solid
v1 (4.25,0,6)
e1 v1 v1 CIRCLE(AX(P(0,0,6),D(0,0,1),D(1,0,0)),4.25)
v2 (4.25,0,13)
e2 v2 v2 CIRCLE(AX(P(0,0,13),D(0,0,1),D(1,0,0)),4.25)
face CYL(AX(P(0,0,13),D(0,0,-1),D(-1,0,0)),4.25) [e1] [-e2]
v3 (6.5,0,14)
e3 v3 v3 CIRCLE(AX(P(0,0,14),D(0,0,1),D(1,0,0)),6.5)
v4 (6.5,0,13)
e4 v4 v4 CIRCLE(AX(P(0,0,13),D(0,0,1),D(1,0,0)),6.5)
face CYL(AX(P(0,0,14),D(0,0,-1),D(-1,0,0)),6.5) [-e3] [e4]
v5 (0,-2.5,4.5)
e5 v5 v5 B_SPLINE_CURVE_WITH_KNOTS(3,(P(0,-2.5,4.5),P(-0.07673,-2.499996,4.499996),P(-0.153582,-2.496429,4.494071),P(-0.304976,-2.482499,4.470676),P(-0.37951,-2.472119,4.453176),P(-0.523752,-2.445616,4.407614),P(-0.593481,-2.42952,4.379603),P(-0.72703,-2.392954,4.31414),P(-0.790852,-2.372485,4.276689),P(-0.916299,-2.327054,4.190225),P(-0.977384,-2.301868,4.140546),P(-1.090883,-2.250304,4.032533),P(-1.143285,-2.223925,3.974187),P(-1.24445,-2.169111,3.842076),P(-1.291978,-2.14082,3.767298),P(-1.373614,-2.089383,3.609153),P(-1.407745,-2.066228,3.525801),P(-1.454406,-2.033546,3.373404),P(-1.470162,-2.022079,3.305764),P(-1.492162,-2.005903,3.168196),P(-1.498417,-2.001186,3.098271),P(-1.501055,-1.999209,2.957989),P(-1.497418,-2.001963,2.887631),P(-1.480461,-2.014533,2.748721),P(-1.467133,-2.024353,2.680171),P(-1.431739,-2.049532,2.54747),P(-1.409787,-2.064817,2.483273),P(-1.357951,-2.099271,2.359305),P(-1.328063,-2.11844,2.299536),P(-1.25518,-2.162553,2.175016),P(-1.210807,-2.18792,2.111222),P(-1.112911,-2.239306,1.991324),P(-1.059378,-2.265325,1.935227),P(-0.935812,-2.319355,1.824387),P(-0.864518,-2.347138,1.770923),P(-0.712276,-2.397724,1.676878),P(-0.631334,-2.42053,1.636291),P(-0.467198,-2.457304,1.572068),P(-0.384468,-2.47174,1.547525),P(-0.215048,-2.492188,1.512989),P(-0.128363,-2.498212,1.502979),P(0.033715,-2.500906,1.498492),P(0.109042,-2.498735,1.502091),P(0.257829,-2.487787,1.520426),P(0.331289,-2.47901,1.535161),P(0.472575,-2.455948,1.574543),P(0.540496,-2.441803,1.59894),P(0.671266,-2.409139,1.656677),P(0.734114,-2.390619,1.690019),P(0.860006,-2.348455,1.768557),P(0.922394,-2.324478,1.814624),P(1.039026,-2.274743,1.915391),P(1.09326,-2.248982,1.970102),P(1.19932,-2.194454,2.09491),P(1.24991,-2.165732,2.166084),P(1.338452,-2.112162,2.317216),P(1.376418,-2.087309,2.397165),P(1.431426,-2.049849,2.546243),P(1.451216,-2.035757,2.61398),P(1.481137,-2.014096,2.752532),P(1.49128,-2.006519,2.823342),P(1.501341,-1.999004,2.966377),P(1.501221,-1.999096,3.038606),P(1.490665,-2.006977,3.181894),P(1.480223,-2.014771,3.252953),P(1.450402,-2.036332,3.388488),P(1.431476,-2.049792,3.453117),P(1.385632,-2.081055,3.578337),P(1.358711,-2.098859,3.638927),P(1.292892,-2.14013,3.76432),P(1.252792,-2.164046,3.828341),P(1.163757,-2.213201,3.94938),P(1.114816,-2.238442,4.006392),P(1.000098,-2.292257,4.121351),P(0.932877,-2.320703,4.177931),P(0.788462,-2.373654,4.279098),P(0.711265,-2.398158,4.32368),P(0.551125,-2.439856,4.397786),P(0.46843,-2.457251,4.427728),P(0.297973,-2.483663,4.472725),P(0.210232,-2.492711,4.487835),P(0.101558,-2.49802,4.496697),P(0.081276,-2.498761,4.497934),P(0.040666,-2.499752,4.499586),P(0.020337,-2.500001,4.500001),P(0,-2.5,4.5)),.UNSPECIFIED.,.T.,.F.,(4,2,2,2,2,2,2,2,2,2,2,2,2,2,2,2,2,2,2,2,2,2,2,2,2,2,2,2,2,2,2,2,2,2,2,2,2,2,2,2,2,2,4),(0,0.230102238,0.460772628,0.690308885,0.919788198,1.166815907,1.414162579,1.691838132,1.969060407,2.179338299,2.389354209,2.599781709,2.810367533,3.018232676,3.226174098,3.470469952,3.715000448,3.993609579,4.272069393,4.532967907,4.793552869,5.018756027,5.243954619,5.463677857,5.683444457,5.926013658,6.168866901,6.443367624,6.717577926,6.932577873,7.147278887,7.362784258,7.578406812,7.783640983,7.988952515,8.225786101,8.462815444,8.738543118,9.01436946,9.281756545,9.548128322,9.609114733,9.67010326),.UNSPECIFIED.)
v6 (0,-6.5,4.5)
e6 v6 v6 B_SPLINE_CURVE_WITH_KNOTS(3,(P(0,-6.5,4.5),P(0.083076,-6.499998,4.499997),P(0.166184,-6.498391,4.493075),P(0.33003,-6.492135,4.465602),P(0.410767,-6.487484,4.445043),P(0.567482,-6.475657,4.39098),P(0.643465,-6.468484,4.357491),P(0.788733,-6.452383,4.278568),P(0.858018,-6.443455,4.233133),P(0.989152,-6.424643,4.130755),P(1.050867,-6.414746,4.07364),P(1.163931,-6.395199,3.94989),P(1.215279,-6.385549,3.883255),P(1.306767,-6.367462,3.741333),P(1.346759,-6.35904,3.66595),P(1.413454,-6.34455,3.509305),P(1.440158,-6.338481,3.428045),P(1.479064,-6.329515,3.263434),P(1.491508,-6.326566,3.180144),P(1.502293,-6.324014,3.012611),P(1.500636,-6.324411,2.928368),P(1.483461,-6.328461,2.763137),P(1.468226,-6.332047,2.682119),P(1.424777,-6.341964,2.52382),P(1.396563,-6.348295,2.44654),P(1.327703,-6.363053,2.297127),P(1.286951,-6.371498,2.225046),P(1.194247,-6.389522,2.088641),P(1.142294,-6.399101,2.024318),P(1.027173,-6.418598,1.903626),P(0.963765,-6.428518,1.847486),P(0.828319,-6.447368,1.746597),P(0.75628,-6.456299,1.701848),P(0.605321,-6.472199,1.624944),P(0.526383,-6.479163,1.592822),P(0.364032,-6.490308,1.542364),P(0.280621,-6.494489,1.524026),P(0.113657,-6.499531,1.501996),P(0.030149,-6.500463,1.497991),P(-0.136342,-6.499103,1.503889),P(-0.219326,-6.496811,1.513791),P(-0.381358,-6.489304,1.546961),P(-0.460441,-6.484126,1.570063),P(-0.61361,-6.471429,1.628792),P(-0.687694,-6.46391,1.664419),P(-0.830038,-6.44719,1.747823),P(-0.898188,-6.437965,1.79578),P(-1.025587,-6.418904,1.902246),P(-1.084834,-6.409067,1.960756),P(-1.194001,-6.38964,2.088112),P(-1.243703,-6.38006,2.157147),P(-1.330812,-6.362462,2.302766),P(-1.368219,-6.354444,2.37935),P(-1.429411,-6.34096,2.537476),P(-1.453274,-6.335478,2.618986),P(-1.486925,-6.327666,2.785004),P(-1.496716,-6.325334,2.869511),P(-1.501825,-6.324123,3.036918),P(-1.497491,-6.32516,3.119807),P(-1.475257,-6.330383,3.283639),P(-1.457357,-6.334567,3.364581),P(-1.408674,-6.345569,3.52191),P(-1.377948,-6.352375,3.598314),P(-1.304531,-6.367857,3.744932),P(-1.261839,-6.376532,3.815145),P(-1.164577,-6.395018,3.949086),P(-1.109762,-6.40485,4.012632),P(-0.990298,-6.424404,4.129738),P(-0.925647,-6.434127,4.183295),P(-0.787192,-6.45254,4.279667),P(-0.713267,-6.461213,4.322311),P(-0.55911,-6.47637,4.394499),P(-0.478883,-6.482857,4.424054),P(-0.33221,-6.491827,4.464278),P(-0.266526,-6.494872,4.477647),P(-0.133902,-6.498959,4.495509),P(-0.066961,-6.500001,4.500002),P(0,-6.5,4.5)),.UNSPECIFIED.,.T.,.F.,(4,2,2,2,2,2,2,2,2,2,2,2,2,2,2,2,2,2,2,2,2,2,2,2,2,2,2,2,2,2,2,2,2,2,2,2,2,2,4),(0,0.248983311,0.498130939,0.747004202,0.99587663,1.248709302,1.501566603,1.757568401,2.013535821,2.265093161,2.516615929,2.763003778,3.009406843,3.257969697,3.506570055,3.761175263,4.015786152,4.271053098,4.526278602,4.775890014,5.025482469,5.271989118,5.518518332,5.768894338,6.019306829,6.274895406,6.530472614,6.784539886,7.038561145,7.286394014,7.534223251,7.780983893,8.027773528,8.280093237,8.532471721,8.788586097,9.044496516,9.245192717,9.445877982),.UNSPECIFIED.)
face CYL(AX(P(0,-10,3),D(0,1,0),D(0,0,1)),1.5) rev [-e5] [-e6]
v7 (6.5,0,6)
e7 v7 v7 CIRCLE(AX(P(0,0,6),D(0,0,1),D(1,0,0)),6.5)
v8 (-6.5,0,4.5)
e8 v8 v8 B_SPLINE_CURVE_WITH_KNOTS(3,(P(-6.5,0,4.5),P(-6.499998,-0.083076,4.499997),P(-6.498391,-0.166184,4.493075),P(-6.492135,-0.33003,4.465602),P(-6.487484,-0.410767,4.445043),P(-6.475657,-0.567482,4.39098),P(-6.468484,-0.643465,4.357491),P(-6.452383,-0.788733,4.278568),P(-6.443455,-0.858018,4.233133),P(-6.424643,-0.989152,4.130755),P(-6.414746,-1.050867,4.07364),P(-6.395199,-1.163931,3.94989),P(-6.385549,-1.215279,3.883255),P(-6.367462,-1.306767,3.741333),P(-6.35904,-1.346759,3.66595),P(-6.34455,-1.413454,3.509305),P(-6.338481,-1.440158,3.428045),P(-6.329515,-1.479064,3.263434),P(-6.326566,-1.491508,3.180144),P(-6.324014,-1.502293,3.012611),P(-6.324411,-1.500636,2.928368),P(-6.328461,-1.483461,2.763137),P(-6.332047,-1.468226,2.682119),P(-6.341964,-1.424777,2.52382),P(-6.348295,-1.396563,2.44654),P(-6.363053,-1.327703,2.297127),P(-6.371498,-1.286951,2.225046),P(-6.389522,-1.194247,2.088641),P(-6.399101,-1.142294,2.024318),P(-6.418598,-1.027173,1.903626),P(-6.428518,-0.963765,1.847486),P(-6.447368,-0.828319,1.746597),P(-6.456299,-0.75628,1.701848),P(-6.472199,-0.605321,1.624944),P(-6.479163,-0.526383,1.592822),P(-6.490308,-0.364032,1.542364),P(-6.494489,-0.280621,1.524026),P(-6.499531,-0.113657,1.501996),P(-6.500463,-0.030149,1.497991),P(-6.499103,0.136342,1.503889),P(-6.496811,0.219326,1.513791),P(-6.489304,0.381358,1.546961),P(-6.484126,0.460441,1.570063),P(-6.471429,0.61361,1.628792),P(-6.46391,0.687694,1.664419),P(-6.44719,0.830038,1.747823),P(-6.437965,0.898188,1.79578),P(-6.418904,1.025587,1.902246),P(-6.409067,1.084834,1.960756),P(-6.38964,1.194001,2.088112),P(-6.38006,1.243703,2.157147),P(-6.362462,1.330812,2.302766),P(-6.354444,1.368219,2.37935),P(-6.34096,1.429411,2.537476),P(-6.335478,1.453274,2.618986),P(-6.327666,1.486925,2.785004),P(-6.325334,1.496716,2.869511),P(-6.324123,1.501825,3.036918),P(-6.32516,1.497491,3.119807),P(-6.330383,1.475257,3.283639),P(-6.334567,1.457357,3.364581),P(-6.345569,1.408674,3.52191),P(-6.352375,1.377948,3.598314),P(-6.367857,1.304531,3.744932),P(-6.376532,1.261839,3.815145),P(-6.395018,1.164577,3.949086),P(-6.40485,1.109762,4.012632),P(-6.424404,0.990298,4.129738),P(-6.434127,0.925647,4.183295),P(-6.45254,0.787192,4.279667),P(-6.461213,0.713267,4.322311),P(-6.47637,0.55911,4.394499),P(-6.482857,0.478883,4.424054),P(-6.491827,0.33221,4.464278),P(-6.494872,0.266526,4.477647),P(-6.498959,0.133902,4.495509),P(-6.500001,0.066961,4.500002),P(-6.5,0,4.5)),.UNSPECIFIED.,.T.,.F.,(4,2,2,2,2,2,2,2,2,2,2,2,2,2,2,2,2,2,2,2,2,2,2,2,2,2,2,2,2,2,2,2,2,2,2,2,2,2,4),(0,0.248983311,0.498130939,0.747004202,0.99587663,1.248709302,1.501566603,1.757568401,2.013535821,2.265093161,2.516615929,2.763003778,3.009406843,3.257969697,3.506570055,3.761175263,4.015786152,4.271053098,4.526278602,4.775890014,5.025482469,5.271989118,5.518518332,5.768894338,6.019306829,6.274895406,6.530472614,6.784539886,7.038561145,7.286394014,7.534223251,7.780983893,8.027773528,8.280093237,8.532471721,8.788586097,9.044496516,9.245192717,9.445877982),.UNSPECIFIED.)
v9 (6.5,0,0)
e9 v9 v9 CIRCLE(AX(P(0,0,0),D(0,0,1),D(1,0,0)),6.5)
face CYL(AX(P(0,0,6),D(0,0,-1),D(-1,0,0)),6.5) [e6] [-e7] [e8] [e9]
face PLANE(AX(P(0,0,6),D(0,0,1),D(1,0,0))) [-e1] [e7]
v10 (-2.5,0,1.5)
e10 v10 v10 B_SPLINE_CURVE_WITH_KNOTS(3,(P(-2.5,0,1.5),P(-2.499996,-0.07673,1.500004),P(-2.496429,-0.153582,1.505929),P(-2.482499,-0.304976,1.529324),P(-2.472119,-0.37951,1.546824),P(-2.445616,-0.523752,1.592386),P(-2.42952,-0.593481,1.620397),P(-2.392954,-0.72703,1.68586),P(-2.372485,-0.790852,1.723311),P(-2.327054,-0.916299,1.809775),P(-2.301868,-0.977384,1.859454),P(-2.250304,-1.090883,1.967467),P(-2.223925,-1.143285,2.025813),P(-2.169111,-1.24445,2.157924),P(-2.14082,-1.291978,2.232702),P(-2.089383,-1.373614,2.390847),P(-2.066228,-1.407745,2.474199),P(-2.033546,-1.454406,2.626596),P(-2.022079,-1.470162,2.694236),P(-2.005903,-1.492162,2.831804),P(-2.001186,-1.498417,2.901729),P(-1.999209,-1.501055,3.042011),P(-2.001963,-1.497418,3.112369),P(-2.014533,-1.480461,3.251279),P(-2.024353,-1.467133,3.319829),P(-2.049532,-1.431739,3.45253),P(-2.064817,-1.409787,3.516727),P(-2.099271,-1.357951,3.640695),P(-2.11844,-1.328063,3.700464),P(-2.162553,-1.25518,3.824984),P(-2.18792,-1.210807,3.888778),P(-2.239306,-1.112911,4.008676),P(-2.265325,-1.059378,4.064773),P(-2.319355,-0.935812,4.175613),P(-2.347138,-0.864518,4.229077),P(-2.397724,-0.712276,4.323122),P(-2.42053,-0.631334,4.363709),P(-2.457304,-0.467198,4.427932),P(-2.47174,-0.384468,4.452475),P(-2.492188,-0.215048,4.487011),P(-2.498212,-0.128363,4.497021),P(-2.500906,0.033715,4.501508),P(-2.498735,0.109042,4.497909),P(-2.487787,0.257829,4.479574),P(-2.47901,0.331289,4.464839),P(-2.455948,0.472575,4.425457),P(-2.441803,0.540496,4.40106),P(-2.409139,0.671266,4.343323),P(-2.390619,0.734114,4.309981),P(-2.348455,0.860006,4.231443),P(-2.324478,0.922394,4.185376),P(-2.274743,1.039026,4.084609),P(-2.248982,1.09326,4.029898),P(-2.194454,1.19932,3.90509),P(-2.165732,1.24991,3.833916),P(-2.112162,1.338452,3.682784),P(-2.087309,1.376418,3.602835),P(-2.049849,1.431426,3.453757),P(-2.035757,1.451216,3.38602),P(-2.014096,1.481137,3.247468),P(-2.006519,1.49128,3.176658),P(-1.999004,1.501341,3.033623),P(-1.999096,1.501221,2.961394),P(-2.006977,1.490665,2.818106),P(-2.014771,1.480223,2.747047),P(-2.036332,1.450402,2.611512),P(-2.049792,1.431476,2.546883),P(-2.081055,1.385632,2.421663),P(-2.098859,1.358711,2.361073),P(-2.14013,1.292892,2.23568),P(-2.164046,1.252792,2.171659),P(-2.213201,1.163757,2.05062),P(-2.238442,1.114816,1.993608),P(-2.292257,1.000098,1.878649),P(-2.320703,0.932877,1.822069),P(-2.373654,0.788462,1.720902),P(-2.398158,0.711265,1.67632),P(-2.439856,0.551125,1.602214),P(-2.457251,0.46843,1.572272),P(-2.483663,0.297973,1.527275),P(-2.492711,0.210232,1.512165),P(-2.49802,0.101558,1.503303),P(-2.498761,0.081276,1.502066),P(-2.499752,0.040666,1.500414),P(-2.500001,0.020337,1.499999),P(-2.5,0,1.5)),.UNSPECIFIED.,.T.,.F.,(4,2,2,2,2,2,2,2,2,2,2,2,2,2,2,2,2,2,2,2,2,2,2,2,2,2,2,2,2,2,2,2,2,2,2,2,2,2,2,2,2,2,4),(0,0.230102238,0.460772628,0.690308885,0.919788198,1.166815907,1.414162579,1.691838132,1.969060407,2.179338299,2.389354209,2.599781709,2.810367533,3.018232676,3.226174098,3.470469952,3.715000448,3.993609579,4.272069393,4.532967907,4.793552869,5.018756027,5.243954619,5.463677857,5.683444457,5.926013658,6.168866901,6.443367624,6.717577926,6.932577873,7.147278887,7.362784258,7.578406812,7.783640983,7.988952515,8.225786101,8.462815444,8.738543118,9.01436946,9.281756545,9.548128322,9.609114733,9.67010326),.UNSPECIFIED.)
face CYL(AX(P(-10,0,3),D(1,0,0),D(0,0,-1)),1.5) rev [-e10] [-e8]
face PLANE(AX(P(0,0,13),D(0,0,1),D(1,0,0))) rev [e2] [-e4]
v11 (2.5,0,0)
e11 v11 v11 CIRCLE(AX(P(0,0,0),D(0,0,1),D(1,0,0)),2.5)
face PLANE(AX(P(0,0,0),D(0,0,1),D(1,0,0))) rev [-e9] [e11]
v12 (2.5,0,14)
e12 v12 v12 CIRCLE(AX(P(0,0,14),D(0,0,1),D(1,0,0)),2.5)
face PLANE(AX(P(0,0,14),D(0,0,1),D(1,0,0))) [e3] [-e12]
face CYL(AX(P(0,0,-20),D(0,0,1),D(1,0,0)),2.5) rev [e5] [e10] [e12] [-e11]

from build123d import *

# Parameters (mm, degrees)
SKETCH_1_R          = 6.5
EXTRUDE_1_DEPTH     = 6
SKETCH_2_R          = 4.25
EXTRUDE_2_DEPTH     = 7
SKETCH_3_R          = 6.5
EXTRUDE_3_DEPTH     = 1
SKETCH_4_R          = 2.5
CUT_EXTRUDE_1_DEPTH = 34
SKETCH_5_R          = 1.5
CUT_EXTRUDE_2_DEPTH = 10
SKETCH_6_R          = 1.5
CUT_EXTRUDE_3_DEPTH = 10


with BuildPart() as part:
    # 草图1 → 凸台-拉伸1 (new body)
    with BuildSketch(Plane.XY):
        Circle(SKETCH_1_R)
    extrude(amount=EXTRUDE_1_DEPTH)

    # 草图2 → 凸台-拉伸2 (add)
    with BuildSketch(Plane.XY.offset(6)):
        Circle(SKETCH_2_R)
    extrude(amount=EXTRUDE_2_DEPTH)

    # 草图3 → 凸台-拉伸3 (add)
    with BuildSketch(Plane.XY.offset(13)):
        Circle(SKETCH_3_R)
    extrude(amount=EXTRUDE_3_DEPTH)

    # 草图4 → 切除-拉伸1 (cut)
    with BuildSketch(Plane.XY.offset(14)):
        Circle(SKETCH_4_R)
    extrude(amount=-CUT_EXTRUDE_1_DEPTH, mode=Mode.SUBTRACT)

    # 草图5 → 切除-拉伸2 (cut)
    with BuildSketch(Plane(origin=(0, 0, 0), x_dir=(1, 0, 0), z_dir=(0, 1, 0))):
        with Locations(Location((0, -3, 0), (0, 0, 270))):
            Circle(SKETCH_5_R)
    extrude(amount=-CUT_EXTRUDE_2_DEPTH, mode=Mode.SUBTRACT)

    # 草图6 → 切除-拉伸3 (cut)
    with BuildSketch(Plane(origin=(0, 0, 0), x_dir=(0, 0, -1), z_dir=(1, 0, 0))):
        with Locations((-3, 0)):
            Circle(SKETCH_6_R)
    extrude(amount=-CUT_EXTRUDE_3_DEPTH, mode=Mode.SUBTRACT)


solid = part.part
